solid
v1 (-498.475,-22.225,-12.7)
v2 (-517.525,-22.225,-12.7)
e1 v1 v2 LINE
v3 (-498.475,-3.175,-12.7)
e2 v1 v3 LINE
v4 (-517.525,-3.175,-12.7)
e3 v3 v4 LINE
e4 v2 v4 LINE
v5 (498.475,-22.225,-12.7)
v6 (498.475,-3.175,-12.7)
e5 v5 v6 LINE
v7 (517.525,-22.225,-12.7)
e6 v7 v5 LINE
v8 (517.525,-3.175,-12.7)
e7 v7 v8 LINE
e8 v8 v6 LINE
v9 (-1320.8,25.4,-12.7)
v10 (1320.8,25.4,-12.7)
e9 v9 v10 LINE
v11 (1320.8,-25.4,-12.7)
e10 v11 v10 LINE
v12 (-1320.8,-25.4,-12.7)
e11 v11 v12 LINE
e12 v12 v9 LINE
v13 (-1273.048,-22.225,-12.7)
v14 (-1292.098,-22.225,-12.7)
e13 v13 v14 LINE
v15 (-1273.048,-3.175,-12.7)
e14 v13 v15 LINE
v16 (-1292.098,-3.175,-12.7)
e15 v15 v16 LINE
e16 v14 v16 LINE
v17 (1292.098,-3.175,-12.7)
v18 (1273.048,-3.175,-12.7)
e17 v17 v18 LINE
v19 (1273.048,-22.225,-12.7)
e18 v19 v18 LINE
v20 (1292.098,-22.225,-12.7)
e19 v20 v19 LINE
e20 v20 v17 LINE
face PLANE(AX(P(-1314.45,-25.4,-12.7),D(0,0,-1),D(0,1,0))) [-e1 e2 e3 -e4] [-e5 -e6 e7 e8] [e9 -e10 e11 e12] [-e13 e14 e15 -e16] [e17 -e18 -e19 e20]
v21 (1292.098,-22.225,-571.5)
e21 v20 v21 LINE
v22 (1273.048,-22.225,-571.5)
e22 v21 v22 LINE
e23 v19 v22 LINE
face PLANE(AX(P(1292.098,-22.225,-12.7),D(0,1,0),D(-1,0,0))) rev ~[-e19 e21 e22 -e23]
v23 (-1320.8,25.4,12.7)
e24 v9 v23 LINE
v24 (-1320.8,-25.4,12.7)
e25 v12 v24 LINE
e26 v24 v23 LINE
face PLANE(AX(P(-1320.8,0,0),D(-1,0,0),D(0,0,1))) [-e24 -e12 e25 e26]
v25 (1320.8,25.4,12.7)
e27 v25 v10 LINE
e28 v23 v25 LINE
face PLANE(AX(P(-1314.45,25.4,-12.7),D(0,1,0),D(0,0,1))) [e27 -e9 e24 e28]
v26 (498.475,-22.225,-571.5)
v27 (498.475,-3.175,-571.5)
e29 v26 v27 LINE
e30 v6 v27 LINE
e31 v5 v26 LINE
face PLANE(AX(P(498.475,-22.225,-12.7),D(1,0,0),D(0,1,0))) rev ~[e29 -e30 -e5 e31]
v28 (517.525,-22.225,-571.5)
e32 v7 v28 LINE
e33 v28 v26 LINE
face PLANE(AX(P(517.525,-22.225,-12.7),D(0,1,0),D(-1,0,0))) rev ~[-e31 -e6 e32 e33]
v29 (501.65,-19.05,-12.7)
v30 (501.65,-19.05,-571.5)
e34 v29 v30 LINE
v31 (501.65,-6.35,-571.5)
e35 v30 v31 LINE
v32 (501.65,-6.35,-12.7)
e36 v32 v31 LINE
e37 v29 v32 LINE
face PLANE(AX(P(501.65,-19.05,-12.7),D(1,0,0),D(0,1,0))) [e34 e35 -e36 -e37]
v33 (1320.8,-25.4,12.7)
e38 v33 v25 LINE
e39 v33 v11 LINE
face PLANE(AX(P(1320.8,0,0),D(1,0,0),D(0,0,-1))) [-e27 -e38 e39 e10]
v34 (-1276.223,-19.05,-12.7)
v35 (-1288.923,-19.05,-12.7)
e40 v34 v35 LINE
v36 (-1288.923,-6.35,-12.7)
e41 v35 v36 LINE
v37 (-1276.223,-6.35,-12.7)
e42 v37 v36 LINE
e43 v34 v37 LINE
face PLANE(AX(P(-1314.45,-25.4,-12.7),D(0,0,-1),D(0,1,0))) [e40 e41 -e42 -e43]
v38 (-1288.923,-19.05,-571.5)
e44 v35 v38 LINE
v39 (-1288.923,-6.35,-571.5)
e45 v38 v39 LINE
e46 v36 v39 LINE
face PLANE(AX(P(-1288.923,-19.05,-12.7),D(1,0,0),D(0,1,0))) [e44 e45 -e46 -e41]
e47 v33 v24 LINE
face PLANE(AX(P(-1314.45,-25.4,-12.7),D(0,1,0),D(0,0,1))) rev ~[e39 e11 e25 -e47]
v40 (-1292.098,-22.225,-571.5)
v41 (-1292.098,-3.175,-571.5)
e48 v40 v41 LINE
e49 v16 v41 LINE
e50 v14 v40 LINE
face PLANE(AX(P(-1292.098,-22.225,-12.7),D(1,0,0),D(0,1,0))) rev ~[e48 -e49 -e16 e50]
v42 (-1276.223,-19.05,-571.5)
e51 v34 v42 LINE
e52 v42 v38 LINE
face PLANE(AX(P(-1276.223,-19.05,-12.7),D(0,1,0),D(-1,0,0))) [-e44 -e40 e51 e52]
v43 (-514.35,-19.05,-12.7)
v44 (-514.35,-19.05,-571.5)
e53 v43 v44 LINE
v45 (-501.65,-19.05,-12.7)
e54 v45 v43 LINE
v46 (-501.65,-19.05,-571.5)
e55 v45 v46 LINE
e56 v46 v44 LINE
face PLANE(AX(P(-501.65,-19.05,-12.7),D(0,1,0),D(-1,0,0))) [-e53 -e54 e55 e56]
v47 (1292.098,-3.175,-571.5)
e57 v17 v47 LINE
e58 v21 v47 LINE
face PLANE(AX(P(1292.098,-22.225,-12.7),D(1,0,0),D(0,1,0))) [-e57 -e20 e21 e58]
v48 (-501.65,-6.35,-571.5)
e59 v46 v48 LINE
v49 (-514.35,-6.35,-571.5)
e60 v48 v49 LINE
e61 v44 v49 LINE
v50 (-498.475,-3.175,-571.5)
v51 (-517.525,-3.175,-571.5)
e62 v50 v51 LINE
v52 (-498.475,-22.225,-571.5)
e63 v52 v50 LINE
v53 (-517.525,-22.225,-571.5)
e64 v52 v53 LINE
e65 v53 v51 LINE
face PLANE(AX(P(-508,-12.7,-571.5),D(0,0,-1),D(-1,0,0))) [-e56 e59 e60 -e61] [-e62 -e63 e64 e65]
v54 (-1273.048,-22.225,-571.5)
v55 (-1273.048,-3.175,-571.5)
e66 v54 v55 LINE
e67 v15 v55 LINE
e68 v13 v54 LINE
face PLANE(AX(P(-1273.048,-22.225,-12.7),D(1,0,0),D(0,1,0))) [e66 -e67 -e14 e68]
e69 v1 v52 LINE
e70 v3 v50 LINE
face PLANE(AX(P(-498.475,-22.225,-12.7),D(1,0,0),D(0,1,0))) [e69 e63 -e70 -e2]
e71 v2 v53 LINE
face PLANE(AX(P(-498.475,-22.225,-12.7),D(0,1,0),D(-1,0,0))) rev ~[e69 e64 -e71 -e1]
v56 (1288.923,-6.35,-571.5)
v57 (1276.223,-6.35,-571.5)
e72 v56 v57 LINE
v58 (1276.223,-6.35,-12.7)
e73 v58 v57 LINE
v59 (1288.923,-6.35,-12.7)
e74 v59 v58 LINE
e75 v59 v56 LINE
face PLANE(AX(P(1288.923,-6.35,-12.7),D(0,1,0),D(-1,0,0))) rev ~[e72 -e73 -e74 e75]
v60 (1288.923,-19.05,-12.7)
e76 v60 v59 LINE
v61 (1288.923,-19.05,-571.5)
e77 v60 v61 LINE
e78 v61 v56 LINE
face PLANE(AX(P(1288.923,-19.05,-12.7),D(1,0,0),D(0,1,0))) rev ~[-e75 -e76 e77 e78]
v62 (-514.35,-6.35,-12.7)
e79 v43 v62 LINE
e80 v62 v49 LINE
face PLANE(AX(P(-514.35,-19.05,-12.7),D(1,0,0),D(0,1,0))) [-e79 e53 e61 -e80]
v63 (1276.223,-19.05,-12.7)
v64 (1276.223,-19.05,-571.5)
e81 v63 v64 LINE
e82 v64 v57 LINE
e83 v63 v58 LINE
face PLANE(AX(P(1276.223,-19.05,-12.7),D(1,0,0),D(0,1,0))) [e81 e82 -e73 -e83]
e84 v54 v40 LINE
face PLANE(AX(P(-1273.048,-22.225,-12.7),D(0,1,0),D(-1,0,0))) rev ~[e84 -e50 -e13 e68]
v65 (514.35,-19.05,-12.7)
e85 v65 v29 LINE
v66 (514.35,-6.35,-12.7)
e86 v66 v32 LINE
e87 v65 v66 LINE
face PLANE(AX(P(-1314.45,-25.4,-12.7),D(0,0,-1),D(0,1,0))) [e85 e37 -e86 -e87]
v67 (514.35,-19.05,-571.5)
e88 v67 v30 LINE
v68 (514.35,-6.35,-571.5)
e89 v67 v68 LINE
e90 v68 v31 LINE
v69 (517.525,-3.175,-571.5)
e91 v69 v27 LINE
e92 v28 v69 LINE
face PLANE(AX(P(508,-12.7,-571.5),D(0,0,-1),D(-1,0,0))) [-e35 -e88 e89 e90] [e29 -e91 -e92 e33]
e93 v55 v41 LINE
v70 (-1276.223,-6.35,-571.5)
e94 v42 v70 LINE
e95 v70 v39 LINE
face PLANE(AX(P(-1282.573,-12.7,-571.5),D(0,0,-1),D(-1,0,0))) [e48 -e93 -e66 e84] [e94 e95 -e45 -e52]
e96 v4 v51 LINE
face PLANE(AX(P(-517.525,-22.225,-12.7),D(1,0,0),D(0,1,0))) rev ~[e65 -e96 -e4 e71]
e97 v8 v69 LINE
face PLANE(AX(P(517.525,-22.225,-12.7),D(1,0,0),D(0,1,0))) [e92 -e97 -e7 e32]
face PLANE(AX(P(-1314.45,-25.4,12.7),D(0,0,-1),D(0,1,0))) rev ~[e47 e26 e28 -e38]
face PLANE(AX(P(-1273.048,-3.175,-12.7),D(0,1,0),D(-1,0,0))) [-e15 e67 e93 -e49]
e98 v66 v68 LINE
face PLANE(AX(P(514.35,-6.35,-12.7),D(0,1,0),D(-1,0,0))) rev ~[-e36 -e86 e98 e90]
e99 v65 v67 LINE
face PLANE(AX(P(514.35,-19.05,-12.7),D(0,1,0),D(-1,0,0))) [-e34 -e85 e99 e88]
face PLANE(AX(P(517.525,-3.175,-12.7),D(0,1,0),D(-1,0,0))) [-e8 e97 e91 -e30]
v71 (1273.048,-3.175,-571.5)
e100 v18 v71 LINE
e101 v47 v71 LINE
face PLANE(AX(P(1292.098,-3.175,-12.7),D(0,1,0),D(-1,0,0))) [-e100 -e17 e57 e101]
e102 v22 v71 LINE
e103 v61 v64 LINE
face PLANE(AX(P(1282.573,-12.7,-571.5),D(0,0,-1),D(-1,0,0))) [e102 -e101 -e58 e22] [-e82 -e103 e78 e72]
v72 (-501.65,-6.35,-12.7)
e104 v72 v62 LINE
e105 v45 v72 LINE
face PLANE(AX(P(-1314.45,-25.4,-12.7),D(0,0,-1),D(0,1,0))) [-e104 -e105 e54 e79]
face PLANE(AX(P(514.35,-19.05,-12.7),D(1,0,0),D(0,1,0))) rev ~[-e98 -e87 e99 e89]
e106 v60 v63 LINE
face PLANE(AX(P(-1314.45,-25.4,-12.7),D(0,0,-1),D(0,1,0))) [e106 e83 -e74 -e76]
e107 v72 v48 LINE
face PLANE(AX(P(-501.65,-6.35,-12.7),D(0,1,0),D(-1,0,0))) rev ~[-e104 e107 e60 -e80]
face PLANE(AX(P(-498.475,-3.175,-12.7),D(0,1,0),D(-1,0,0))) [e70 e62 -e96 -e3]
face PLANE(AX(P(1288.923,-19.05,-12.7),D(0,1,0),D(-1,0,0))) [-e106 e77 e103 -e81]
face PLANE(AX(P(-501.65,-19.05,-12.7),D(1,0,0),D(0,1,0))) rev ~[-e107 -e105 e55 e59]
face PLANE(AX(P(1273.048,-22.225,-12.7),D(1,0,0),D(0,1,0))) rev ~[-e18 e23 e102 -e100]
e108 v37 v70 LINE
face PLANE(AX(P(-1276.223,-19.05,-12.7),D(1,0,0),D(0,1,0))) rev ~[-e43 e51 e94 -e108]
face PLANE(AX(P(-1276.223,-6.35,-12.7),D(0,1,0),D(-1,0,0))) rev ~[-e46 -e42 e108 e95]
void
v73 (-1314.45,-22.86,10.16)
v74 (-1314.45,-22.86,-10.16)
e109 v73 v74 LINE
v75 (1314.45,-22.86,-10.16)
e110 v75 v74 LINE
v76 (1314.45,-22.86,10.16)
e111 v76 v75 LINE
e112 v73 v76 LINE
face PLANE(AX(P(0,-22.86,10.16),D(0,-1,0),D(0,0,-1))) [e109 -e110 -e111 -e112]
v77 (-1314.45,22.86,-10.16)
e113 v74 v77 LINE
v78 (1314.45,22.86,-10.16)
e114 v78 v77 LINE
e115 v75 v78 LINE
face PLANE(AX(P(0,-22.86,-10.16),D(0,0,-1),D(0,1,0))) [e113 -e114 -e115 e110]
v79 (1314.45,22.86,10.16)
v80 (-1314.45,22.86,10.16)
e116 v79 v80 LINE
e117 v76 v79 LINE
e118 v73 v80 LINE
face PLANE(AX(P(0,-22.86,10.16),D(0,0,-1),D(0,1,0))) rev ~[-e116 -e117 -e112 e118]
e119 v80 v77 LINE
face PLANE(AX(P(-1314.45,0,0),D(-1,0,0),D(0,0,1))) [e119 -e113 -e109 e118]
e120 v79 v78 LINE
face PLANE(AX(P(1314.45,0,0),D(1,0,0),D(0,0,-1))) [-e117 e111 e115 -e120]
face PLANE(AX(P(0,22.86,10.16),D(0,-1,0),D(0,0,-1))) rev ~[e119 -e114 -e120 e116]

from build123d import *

# Parameters (mm, degrees)
SKETCH1_W           = 25.4
SKETCH1_H           = 50.8
SKETCH1_W_2         = 20.32
SKETCH1_H_2         = 45.72
BOSS_EXTRUDE1_DEPTH = 1314.45
SKETCH2_W           = 25.4
SKETCH2_H           = 50.8
BOSS_EXTRUDE2_DEPTH = 6.35
SKETCH3_W           = 25.4
SKETCH3_H           = 50.8
BOSS_EXTRUDE3_DEPTH = 6.35
SKETCH4_W           = 19.05
SKETCH4_H           = 19.05
SKETCH4_W_2         = 12.7
SKETCH4_H_2         = 12.7
BOSS_EXTRUDE4_DEPTH = 558.8


with BuildPart() as part:
    # Sketch1 → Boss-Extrude1 (new body, symmetric)
    with BuildSketch(Plane(origin=(0, 0, 0), x_dir=(0, 0, -1), z_dir=(1, 0, 0))):
        Rectangle(SKETCH1_W, SKETCH1_H)
        Rectangle(SKETCH1_W_2, SKETCH1_H_2, mode=Mode.SUBTRACT)
    extrude(amount=BOSS_EXTRUDE1_DEPTH, both=True)

    # Sketch2 → Boss-Extrude2 (add)
    with BuildSketch(Plane(origin=(1314.45, 0, 0), x_dir=(0, 0, -1), z_dir=(1, 0, 0))):
        Rectangle(SKETCH2_W, SKETCH2_H)
    extrude(amount=BOSS_EXTRUDE2_DEPTH)

    # Sketch3 → Boss-Extrude3 (add)
    with BuildSketch(Plane.ZY.offset(1314.45)):
        Rectangle(SKETCH3_W, SKETCH3_H)
    extrude(amount=BOSS_EXTRUDE3_DEPTH)

    # Sketch4 → Boss-Extrude4 (add)
    with BuildSketch(Plane(origin=(0, 0, -12.7), x_dir=(-1, 0, 0), z_dir=(0, 0, -1))):
        with Locations((-1282.573, -12.7)):
            Rectangle(SKETCH4_W, SKETCH4_H)
        with Locations((-1282.573, -12.7)):
            Rectangle(SKETCH4_W_2, SKETCH4_H_2, mode=Mode.SUBTRACT)
        with Locations((-508, -12.7)):
            Rectangle(SKETCH4_W, SKETCH4_H)
        with Locations((-508, -12.7)):
            Rectangle(SKETCH4_W_2, SKETCH4_H_2, mode=Mode.SUBTRACT)
        with Locations((1282.573, -12.7)):
            Rectangle(SKETCH4_W, SKETCH4_H)
        with Locations((1282.573, -12.7)):
            Rectangle(SKETCH4_W_2, SKETCH4_H_2, mode=Mode.SUBTRACT)
        with Locations((508, -12.7)):
            Rectangle(SKETCH4_W, SKETCH4_H)
        with Locations((508, -12.7)):
            Rectangle(SKETCH4_W_2, SKETCH4_H_2, mode=Mode.SUBTRACT)
    extrude(amount=BOSS_EXTRUDE4_DEPTH)


solid = part.part
